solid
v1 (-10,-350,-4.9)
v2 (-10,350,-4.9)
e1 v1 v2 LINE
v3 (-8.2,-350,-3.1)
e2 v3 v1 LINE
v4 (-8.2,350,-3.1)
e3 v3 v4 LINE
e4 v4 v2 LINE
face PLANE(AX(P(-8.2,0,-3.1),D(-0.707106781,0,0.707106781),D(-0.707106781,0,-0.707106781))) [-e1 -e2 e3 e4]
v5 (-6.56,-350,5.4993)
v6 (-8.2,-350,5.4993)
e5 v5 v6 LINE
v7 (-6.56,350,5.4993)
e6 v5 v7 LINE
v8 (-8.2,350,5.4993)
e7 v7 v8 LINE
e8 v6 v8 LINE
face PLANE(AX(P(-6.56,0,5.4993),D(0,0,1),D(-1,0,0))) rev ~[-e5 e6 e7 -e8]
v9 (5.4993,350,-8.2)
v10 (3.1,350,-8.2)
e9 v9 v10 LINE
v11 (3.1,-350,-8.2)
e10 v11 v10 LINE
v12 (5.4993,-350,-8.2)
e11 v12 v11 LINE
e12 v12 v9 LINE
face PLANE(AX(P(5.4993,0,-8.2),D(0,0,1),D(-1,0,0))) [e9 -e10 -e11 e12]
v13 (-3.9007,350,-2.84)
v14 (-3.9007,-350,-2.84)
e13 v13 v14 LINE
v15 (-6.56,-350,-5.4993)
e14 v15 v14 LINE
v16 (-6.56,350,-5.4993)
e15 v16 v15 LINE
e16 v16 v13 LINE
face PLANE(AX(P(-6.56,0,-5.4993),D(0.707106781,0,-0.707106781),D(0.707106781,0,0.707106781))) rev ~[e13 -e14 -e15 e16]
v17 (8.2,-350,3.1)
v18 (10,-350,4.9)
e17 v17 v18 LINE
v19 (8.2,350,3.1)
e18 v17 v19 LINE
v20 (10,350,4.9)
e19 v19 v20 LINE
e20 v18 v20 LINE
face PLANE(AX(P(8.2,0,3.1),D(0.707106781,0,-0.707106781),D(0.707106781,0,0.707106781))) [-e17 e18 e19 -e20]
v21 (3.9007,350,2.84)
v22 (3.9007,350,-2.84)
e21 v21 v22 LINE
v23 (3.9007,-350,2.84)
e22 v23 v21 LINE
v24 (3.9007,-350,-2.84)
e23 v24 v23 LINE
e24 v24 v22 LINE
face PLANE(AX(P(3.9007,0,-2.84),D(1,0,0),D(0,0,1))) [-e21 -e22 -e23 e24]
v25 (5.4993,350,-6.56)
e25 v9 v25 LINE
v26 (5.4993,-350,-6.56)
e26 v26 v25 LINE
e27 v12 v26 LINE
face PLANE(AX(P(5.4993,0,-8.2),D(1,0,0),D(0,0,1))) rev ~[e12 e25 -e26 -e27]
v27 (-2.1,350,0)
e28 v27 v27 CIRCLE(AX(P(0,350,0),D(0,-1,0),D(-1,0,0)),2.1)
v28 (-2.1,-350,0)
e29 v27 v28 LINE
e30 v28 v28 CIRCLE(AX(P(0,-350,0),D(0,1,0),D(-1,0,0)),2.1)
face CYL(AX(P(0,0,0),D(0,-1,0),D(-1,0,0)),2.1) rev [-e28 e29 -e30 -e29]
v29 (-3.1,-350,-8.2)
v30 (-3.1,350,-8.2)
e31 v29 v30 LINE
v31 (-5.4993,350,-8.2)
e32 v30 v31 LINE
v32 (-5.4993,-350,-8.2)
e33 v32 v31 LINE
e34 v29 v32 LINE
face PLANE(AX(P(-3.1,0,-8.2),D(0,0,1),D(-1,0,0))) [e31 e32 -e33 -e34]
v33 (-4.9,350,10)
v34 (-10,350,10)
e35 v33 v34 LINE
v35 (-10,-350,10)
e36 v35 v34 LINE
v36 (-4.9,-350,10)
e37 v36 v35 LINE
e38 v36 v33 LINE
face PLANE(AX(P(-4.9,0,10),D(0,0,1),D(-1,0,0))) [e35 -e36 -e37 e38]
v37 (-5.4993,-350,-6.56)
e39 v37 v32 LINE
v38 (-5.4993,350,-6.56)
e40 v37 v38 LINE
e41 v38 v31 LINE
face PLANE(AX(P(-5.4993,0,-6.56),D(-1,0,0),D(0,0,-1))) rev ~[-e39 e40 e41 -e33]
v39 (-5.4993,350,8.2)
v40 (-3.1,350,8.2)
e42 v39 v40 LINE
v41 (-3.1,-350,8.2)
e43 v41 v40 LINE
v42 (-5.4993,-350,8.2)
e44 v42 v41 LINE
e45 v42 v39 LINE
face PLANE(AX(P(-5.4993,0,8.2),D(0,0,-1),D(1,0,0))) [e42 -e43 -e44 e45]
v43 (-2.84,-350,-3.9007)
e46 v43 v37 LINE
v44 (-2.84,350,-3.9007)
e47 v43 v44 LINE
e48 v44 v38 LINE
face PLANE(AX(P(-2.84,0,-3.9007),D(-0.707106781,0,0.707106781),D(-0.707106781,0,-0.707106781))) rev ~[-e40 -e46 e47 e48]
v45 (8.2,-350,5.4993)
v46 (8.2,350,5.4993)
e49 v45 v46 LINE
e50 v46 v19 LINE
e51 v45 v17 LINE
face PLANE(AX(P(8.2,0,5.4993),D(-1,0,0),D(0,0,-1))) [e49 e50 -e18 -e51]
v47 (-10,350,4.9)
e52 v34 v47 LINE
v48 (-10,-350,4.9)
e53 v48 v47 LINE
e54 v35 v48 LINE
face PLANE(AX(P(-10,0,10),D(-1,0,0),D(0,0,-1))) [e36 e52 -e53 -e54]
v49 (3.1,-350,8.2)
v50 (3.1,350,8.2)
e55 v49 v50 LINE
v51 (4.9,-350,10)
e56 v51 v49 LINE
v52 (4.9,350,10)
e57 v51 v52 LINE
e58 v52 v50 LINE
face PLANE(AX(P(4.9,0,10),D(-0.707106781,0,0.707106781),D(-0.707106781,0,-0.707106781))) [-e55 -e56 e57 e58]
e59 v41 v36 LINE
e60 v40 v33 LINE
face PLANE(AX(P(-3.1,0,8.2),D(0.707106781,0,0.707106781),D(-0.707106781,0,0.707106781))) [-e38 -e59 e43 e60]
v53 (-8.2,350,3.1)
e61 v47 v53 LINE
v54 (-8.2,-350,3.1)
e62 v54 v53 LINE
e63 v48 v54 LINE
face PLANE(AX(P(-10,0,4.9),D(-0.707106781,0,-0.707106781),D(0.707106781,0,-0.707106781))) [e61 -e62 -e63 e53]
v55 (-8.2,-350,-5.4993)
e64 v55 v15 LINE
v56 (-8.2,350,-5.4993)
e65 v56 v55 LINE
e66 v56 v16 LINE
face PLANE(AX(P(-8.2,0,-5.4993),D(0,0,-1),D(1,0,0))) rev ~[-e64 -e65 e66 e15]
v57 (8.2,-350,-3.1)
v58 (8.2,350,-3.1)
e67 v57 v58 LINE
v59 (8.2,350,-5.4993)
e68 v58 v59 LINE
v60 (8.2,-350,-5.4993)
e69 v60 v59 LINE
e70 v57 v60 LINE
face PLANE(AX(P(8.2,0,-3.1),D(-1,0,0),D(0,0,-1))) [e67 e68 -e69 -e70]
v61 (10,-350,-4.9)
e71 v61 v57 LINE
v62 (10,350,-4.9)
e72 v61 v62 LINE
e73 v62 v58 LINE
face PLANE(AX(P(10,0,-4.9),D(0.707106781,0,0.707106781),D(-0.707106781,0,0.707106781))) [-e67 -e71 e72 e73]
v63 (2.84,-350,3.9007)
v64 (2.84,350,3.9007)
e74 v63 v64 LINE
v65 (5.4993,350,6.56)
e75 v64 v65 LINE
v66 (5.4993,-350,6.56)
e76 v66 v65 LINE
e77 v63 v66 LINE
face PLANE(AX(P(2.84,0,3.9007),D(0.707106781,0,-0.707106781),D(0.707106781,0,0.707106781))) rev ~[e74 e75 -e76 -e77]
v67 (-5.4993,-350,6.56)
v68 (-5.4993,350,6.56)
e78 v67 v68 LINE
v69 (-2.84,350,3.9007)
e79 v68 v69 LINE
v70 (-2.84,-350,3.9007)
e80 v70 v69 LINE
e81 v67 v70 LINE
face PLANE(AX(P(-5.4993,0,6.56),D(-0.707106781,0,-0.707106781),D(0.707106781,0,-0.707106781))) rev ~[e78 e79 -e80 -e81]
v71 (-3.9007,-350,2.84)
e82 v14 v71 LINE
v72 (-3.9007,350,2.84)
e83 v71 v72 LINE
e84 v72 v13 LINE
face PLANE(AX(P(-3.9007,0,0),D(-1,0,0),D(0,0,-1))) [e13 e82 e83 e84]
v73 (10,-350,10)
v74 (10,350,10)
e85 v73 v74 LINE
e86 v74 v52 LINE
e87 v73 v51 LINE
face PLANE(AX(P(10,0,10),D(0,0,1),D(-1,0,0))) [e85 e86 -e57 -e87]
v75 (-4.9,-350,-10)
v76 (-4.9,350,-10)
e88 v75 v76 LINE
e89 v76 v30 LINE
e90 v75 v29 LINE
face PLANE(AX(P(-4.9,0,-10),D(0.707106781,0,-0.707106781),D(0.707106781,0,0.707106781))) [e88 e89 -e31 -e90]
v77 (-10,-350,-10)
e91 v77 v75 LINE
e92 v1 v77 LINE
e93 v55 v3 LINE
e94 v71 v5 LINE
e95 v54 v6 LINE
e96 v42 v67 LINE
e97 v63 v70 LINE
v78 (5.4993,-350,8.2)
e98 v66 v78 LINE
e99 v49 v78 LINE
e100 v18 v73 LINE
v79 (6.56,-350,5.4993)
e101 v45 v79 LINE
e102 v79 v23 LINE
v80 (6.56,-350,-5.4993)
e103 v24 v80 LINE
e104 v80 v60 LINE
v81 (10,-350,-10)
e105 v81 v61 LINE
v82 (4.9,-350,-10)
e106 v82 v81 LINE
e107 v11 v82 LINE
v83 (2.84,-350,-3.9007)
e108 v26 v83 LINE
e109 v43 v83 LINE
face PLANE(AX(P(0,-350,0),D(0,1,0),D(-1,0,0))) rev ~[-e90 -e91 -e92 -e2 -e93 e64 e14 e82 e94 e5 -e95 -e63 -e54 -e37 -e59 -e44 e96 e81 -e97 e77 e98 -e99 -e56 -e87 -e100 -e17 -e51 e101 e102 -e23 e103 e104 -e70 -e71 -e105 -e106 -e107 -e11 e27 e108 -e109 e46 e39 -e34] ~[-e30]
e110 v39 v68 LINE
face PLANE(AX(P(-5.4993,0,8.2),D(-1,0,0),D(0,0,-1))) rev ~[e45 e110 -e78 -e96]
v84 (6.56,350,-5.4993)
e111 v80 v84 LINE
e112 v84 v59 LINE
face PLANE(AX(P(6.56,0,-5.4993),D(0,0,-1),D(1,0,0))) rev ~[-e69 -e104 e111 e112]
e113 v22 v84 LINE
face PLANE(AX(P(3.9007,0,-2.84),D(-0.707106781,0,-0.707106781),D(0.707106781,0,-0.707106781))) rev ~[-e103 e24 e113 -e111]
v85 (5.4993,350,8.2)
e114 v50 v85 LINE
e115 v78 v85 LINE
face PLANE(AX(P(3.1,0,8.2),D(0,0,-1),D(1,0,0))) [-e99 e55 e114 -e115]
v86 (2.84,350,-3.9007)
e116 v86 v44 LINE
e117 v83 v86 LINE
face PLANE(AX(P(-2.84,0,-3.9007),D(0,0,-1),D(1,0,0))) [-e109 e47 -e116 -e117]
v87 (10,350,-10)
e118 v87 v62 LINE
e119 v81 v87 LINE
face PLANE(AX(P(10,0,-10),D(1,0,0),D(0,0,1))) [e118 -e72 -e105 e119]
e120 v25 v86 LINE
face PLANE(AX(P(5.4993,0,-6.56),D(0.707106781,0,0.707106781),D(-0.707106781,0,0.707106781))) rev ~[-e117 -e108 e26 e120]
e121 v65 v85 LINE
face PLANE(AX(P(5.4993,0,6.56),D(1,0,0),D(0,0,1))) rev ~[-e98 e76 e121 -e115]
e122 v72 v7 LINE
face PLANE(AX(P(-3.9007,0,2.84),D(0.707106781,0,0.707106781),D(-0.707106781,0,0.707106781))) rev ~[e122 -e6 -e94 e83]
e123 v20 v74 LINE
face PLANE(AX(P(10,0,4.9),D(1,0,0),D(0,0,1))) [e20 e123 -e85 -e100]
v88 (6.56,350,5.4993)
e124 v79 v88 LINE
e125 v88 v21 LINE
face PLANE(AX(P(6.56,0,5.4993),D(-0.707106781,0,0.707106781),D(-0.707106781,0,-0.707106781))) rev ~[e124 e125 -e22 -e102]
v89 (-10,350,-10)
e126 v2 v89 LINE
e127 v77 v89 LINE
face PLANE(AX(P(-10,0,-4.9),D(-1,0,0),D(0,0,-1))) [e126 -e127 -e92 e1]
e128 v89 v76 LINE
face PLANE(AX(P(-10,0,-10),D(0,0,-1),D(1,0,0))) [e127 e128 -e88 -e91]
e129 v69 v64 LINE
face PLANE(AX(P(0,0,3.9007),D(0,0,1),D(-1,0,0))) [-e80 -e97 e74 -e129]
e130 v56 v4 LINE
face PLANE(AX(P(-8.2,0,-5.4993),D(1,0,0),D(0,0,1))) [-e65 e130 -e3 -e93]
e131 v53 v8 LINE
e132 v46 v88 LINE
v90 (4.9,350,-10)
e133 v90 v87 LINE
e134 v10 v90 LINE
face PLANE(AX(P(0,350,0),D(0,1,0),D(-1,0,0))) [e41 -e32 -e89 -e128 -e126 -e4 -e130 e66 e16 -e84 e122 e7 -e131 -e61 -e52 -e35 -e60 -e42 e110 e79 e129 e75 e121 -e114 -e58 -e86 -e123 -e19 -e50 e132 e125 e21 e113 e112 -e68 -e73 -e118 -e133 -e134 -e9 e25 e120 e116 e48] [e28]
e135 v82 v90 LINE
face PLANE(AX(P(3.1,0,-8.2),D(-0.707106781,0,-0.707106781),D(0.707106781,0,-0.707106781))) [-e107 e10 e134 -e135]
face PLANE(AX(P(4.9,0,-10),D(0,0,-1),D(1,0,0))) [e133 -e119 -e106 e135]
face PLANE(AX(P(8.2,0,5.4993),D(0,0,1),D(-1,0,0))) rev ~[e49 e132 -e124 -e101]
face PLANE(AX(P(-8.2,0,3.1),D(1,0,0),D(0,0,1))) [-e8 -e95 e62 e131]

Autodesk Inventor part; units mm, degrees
ref_plane "YZ Plane" through (0, 0, 0) normal (1, 0, 0) x (0, 1, 0)
ref_plane "XZ Plane" through (0, 0, 0) normal (0, 1, 0) x (-1, 0, 0)
ref_plane "XY Plane" through (0, 0, 0) normal (0, 0, 1) x (1, 0, 0)
sketch "Sketch1" plane through (0, 0, 0) normal (0, 1, 0) x (-1, 0, 0)
  circle A0 centre (0, 0) radius 2.1
  line L0 (0, -3.9007) -> (-2.84, -3.9007)
  line L1 (-5.4993, -8.2) -> (-3.1, -8.2)
  line L2 (-3.1, -8.2) -> (-4.9, -10)
  line L3 (-4.9, -10) -> (-10, -10)
  line L4 (-10, -10) -> (-10, -4.9)
  line L5 (-10, -4.9) -> (-8.2, -3.1)
  line L6 (-8.2, -3.1) -> (-8.2, -5.4993)
  line L7 (-3.9007, -2.84) -> (-3.9007, 0)
  line L8 (-3.9007, 0) -> (-2.1, 0)
  line L9 (0, -3.9007) -> (0, -2.1) construction
  line L10 (-5.4993, -8.2) -> (-5.4993, -6.56)
  line L11 (-5.4993, -6.56) -> (-2.84, -3.9007)
  line L12 (-3.9007, -2.84) -> (-6.56, -5.4993)
  line L13 (-6.56, -5.4993) -> (-8.2, -5.4993)
  line L14 (6.56, -5.4993) -> (3.9007, -2.84)
  line L15 (3.1, -8.2) -> (5.4993, -8.2)
  line L16 (5.4993, -6.56) -> (5.4993, -8.2)
  line L17 (8.2, -5.4993) -> (8.2, -3.1)
  line L18 (8.2, -5.4993) -> (6.56, -5.4993)
  line L19 (8.2, -3.1) -> (10, -4.9)
  line L20 (4.9, -10) -> (3.1, -8.2)
  line L21 (10, -4.9) -> (10, -10)
  line L22 (10, -10) -> (4.9, -10)
  line L23 (2.84, -3.9007) -> (0, -3.9007)
  line L24 (0, -3.9007) -> (0, -2.1) construction
  line L25 (3.9007, 0) -> (2.1, 0)
  line L26 (3.9007, 0) -> (3.9007, -2.84)
  line L27 (2.84, -3.9007) -> (5.4993, -6.56)
  line L28 (5.4993, 6.56) -> (2.84, 3.9007)
  line L29 (8.2, 3.1) -> (8.2, 5.4993)
  line L30 (6.56, 5.4993) -> (8.2, 5.4993)
  line L31 (5.4993, 8.2) -> (3.1, 8.2)
  line L32 (5.4993, 8.2) -> (5.4993, 6.56)
  line L33 (3.1, 8.2) -> (4.9, 10)
  line L34 (10, 4.9) -> (8.2, 3.1)
  line L35 (4.9, 10) -> (10, 10)
  line L36 (10, 10) -> (10, 4.9)
  line L37 (3.9007, 2.84) -> (3.9007, 0)
  line L38 (3.9007, 0) -> (2.1, 0) construction
  line L39 (0, 3.9007) -> (0, 2.1)
  line L40 (0, 3.9007) -> (2.84, 3.9007)
  line L41 (3.9007, 2.84) -> (6.56, 5.4993)
  line L42 (-6.56, 5.4993) -> (-3.9007, 2.84)
  line L43 (-3.1, 8.2) -> (-5.4993, 8.2)
  line L44 (-5.4993, 6.56) -> (-5.4993, 8.2)
  line L45 (-8.2, 5.4993) -> (-8.2, 3.1)
  line L46 (-8.2, 5.4993) -> (-6.56, 5.4993)
  line L47 (-8.2, 3.1) -> (-10, 4.9)
  line L48 (-4.9, 10) -> (-3.1, 8.2)
  line L49 (-10, 4.9) -> (-10, 10)
  line L50 (-10, 10) -> (-4.9, 10)
  line L51 (-2.84, 3.9007) -> (0, 3.9007)
  line L52 (0, 3.9007) -> (0, 2.1) construction
  line L53 (-3.9007, 0) -> (-2.1, 0) construction
  line L54 (-3.9007, 0) -> (-3.9007, 2.84)
  line L55 (-2.84, 3.9007) -> (-5.4993, 6.56)
  point P0 (0, -3.0003)
  point P1 (-3.0003, 0)
  point P2 (0, -3.0003)
  point P3 (3.0003, 0)
  point P4 (3.0003, 0)
  point P5 (0, 3.0003)
  point P6 (0, 3.0003)
  point P7 (-3.0003, 0)
  dimension "d0" = 4.2
  dimension "d2" = 45
  dimension "d3" = 3.1
  dimension "d4" = 2.84
  dimension "d7" = 10
  dimension "d8" = 10
  dimension "d9" = 1.5
  dimension "d10" = 1.8
  dimension "d11" = 1.64
  dimension "d14" = 360
extrude "Extrusion1" add sketch "Sketch1" along normal mid plane 700 contours L25 L26 L14 L18 L17 L19 L21 L22 L20 L15 L16 L27 L23 L0 L11 L10 L1 L2 L3 L4 L5 L6 L13 L12 L7 L8 A0 | A0 L39 L40 L28 L32 L31 L33 L35 L36 L34 L29 L30 L41 L37 L25 | A0 L8 L54 L42 L46 L45 L47 L49 L50 L48 L43 L44 L55 L51 L39
properties part number "vslot_400mm" material "Aluminum 6061-AHC"
